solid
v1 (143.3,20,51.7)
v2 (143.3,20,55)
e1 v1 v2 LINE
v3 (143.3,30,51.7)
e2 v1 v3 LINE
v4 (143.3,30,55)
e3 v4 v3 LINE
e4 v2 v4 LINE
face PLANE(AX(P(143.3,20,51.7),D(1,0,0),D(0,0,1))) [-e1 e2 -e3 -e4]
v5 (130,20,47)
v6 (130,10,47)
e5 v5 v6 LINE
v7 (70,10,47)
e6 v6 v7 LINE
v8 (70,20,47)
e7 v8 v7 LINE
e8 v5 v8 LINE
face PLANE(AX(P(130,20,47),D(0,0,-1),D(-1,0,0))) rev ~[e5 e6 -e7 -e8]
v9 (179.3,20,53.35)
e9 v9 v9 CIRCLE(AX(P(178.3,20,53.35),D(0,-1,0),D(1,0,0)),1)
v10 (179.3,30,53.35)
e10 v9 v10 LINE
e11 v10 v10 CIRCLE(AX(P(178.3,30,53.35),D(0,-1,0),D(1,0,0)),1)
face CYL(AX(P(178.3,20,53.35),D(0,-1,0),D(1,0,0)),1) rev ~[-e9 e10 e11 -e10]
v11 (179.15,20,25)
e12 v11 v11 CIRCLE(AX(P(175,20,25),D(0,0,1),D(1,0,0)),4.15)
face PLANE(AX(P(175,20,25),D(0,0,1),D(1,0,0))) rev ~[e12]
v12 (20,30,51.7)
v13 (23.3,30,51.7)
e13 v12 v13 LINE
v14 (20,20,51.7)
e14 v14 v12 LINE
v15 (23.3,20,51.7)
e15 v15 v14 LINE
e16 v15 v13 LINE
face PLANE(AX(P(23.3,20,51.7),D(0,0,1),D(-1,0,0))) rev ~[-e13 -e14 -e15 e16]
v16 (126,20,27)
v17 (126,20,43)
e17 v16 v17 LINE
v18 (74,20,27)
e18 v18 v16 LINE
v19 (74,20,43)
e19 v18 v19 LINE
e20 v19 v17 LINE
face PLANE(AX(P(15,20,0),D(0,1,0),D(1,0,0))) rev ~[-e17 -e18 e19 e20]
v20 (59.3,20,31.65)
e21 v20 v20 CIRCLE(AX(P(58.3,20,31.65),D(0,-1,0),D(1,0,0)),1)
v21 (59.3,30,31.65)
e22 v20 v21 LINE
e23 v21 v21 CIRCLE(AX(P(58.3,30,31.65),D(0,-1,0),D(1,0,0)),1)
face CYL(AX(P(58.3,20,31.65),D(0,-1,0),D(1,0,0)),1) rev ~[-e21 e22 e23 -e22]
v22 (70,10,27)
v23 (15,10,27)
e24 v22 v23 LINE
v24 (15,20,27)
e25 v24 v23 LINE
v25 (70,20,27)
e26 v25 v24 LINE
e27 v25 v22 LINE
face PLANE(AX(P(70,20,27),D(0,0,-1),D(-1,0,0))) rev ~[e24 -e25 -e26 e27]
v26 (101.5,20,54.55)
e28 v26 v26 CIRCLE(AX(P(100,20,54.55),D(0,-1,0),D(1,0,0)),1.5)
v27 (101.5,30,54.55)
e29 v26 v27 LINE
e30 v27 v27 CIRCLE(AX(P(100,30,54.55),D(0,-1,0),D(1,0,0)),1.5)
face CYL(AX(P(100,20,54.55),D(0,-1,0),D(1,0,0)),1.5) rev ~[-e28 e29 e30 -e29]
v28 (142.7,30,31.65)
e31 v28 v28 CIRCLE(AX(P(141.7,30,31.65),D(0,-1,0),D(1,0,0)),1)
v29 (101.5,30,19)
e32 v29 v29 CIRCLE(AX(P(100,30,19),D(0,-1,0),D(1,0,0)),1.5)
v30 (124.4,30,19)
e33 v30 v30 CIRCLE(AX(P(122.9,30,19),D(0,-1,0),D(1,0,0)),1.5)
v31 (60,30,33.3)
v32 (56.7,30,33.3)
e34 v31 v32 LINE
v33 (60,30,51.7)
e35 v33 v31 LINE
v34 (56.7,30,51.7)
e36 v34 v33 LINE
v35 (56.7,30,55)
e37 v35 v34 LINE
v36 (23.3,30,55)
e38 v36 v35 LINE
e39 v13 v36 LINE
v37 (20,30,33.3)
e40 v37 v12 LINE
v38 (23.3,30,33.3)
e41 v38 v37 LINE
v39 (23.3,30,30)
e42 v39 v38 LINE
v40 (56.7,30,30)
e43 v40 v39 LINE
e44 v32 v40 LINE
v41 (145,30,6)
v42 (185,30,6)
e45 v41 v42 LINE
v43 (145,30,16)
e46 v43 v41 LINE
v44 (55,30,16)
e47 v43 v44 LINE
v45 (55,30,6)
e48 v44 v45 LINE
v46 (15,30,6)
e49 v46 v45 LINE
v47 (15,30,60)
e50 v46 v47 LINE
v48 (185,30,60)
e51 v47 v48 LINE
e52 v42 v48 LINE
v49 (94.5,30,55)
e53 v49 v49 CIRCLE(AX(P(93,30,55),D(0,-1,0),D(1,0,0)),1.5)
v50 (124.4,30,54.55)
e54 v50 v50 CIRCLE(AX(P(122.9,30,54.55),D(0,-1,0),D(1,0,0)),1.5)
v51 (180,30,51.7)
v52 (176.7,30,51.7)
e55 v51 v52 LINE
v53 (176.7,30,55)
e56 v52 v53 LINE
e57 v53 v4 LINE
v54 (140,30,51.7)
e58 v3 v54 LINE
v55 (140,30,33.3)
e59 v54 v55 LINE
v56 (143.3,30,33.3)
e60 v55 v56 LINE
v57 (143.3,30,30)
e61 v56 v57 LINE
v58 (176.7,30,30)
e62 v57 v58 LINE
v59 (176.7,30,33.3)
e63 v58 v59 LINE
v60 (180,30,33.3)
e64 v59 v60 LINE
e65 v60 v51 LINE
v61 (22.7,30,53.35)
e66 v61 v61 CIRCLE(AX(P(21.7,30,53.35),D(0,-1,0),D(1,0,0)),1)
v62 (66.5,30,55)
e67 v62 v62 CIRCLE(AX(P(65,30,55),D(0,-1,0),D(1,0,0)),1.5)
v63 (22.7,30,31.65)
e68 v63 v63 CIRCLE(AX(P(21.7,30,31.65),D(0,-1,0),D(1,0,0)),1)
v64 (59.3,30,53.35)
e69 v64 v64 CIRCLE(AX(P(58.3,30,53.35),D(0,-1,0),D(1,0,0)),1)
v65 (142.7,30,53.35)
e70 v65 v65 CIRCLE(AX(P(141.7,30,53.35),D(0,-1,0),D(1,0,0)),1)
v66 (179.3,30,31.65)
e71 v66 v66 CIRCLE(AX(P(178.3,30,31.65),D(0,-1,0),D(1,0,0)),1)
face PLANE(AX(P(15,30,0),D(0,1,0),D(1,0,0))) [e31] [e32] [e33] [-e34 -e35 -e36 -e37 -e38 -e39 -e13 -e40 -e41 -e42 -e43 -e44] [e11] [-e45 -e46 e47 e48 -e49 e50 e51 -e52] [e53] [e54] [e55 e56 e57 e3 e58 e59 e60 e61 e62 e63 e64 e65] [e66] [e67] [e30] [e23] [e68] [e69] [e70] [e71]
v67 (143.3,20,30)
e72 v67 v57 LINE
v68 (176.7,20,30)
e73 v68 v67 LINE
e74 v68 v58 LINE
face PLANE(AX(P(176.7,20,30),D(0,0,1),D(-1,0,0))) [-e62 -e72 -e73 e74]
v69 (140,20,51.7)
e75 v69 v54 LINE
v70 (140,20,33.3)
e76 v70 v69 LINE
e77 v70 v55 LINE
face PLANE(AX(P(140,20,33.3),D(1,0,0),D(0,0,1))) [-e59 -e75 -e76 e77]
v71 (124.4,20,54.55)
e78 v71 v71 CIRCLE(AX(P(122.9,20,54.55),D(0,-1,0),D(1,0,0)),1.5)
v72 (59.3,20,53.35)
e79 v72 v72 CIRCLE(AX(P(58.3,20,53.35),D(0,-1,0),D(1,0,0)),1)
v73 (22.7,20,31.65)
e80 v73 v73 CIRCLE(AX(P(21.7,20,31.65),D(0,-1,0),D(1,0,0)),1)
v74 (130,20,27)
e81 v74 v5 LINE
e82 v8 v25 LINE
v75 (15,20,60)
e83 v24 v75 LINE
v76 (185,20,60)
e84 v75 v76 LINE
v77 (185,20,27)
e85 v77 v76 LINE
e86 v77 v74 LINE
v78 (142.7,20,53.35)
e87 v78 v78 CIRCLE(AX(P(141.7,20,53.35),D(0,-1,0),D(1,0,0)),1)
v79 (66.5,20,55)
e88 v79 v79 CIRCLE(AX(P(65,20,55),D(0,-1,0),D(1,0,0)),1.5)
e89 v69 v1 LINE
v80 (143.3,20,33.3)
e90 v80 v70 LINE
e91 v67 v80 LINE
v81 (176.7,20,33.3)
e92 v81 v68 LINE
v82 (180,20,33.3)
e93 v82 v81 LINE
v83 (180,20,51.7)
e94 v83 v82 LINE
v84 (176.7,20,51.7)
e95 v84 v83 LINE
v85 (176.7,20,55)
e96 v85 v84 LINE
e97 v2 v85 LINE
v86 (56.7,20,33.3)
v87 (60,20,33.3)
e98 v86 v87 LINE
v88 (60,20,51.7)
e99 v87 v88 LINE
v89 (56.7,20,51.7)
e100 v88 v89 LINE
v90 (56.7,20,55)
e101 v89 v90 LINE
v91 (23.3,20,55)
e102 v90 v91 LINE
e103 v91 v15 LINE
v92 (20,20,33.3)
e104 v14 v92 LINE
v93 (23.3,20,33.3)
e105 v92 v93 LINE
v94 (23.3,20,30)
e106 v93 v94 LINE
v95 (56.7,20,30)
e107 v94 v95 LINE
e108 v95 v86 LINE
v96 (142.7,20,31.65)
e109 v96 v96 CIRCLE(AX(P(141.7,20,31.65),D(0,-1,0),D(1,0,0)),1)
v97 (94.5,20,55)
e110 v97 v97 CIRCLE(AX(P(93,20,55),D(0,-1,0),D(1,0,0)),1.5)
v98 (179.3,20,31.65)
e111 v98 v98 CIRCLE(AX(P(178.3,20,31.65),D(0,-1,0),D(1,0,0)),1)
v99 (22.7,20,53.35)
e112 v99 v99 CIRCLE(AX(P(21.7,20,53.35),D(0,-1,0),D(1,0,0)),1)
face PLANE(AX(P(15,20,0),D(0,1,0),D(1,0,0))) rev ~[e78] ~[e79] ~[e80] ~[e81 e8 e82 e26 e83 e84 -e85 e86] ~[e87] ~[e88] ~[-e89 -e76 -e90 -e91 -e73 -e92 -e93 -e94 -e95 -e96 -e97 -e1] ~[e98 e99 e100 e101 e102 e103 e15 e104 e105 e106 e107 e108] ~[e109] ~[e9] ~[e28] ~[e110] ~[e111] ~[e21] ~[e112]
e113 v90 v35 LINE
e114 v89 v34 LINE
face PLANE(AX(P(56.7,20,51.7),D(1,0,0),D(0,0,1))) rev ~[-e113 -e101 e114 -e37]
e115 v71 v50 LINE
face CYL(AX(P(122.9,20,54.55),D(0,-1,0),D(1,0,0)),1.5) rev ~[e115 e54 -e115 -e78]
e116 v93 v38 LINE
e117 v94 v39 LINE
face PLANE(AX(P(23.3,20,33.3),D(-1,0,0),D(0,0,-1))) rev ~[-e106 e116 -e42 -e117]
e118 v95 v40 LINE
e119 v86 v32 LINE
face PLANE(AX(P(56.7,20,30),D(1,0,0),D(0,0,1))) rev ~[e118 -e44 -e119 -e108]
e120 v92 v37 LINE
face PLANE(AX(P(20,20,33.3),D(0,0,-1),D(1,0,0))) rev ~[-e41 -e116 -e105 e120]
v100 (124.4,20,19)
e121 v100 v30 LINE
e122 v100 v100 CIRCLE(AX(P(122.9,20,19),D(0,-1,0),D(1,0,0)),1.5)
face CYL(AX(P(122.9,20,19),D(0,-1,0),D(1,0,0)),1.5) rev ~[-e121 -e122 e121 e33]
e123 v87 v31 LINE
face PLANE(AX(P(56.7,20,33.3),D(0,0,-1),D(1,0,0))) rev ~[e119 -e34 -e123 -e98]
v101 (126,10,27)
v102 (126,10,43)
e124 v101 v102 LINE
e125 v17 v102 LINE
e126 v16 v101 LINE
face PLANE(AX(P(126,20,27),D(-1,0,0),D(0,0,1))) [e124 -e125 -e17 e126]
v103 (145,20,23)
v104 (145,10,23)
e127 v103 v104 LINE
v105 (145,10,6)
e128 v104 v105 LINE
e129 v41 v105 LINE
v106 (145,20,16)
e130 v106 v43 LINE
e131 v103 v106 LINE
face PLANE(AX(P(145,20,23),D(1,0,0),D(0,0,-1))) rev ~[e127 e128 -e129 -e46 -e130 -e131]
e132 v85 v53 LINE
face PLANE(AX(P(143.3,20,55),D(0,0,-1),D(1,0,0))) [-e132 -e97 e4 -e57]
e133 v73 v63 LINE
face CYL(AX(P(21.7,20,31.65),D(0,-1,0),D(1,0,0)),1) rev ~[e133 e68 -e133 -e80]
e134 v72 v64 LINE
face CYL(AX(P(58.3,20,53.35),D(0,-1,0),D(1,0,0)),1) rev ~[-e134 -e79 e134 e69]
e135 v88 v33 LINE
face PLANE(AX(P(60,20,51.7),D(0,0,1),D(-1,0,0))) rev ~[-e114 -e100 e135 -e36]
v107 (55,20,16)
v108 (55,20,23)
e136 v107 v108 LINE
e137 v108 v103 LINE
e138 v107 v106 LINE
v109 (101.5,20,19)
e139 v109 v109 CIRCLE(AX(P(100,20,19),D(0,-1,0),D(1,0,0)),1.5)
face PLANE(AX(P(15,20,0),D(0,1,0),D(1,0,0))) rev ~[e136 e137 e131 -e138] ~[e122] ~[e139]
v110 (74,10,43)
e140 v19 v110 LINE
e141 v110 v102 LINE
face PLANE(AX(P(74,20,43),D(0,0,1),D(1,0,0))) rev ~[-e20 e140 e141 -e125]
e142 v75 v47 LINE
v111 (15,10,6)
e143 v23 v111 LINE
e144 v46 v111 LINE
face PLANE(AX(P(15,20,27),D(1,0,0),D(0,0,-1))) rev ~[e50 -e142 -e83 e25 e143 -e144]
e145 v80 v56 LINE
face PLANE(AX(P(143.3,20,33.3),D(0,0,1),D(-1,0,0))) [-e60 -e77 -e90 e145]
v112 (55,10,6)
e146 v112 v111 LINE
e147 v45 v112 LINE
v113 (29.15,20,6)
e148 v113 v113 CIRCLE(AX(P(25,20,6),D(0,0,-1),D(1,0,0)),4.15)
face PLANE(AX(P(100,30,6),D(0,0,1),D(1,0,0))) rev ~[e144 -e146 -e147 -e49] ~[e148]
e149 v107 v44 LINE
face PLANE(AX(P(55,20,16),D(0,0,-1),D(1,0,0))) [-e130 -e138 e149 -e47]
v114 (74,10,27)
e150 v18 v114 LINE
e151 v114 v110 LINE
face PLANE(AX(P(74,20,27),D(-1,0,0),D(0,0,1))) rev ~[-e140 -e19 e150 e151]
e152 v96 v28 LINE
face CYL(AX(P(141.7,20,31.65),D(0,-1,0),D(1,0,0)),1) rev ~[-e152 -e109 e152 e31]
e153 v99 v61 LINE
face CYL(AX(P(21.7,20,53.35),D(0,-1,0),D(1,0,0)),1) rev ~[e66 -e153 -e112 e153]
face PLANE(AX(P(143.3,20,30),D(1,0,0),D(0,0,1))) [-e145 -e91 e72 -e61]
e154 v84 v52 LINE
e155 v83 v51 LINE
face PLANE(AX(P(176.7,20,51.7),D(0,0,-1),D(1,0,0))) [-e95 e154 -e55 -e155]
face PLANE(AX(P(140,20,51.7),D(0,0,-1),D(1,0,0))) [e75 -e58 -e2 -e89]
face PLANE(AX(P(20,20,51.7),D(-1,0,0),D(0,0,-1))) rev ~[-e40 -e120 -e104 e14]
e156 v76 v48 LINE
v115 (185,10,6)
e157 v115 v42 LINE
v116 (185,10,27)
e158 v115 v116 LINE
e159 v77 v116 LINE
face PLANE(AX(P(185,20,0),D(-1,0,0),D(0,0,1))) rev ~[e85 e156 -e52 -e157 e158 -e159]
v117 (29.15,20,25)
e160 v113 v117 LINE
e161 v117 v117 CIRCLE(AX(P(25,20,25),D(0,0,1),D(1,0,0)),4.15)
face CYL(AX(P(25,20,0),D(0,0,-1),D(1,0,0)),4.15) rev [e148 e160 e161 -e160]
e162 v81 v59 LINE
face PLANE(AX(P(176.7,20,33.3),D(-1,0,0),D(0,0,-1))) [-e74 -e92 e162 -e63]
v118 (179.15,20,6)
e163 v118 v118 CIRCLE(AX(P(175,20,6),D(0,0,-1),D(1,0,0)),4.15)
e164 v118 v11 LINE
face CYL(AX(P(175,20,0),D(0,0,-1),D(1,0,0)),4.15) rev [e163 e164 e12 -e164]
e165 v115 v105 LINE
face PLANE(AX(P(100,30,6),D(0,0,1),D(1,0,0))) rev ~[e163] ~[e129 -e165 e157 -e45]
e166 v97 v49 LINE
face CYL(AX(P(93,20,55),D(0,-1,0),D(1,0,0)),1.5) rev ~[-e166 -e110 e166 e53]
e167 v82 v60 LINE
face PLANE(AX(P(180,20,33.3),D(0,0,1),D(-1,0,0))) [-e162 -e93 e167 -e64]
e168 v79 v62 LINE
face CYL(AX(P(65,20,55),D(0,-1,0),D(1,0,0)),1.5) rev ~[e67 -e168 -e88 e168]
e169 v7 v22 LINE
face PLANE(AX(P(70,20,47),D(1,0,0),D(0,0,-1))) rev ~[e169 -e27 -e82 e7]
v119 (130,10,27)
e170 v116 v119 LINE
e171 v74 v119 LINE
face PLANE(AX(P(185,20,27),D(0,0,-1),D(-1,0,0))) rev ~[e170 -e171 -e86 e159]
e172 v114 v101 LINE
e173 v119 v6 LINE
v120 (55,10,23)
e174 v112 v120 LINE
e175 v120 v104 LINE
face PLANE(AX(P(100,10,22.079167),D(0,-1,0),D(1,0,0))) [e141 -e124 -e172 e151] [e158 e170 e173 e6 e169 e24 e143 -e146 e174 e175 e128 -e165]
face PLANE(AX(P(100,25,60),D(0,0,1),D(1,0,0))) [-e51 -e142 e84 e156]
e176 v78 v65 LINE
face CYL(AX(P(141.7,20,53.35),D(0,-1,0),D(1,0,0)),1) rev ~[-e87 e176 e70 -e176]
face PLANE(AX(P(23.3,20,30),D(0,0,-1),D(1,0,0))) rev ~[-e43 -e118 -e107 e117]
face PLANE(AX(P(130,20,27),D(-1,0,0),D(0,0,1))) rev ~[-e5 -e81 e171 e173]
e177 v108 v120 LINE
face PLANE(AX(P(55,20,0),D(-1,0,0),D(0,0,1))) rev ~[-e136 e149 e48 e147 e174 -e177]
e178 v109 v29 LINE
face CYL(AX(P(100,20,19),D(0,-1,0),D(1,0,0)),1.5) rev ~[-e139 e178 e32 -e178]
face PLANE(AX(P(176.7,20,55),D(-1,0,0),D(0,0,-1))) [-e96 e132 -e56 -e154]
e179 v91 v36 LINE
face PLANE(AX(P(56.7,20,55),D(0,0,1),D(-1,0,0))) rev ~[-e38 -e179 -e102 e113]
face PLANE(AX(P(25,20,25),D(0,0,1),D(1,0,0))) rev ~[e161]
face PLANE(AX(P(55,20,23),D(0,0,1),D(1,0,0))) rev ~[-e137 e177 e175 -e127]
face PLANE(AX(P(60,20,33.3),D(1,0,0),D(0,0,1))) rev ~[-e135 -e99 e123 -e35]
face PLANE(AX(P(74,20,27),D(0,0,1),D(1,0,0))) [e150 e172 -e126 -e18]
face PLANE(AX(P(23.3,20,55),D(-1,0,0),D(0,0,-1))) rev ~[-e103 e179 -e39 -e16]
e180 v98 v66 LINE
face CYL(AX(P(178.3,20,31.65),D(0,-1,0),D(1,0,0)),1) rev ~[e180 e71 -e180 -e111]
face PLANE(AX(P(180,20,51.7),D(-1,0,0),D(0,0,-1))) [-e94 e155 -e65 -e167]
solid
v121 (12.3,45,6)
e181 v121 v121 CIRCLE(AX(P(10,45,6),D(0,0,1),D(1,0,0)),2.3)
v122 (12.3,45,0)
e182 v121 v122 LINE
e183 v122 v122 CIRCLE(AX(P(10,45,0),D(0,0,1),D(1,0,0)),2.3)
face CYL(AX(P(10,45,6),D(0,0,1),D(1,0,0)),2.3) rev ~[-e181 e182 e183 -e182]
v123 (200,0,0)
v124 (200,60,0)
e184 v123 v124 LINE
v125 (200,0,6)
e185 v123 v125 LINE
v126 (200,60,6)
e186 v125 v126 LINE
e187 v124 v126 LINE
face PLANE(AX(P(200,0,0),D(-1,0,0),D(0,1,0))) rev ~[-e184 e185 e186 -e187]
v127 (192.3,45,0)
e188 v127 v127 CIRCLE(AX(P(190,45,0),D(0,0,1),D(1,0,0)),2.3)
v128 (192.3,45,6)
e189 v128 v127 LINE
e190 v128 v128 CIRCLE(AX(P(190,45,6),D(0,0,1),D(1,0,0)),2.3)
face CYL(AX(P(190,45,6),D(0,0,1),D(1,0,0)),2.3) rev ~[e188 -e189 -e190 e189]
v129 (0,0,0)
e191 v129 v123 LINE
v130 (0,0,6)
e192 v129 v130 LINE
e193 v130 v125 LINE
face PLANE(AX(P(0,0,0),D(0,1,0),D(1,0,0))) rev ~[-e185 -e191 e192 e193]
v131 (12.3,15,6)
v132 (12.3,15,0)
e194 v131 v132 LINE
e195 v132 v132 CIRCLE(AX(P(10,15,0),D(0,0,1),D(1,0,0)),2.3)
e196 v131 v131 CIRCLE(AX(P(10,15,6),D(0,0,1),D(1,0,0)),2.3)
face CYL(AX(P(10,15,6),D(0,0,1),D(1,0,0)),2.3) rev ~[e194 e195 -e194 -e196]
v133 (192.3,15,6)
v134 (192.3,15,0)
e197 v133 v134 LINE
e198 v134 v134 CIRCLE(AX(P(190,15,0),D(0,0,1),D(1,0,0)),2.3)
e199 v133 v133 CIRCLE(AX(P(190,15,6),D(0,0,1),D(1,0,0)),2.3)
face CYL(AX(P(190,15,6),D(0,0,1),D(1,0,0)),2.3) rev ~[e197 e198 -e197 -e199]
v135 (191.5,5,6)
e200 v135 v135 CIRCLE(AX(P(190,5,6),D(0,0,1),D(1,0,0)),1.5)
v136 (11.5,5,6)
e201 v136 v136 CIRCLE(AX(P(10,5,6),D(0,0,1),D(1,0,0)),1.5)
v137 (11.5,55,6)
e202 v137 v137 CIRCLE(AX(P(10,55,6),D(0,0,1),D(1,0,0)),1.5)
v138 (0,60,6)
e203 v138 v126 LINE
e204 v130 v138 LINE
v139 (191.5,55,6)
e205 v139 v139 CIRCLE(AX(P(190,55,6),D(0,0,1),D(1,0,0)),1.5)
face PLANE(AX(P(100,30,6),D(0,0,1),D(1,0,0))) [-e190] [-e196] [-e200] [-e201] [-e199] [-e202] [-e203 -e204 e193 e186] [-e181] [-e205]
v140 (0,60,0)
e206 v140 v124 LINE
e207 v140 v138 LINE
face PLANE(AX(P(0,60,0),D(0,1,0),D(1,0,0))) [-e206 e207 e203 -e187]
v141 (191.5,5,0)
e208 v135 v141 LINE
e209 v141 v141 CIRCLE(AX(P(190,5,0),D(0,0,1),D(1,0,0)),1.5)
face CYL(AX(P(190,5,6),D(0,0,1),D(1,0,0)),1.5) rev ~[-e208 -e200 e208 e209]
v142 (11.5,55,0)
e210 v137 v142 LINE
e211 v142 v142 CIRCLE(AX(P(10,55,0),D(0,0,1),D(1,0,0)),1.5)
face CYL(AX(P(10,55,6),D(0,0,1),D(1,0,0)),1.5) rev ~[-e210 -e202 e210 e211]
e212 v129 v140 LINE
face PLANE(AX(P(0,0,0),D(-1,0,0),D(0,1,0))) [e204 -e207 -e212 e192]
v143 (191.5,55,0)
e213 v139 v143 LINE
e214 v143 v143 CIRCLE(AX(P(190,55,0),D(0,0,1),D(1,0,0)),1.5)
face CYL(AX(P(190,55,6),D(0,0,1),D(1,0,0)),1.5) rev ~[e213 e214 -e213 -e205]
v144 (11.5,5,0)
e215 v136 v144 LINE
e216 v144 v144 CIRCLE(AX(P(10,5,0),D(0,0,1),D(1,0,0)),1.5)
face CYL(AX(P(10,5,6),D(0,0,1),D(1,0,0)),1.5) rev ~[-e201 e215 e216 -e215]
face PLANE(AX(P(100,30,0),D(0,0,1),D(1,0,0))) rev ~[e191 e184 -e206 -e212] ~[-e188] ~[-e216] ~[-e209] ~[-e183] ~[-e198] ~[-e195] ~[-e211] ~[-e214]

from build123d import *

# Parameters (mm, degrees)
SKETCH_W        = 200
SKETCH_H        = 60
PAD_DEPTH       = 6
SKETCH003_R     = 1.5
SKETCH003_R_2   = 2.3
POCKET001_DEPTH = 200
SKETCH006_R     = 4.15
PAD004_DEPTH    = 25
SKETCH005_W     = 200
SKETCH005_H     = 60
PAD003_DEPTH    = 6
SKETCH001_W     = 170
SKETCH001_H     = 10
PAD001_DEPTH    = 60
SKETCH002_R     = 1
SKETCH002_R_2   = 1.5
SKETCH002_W     = 90
SKETCH002_H     = 10
POCKET_DEPTH    = 50
SKETCH004_W     = 52
SKETCH004_H     = 16
PAD002_DEPTH    = 10


with BuildPart() as base_mount_holes:
    # Sketch → Pad (new body)
    with BuildSketch(Plane.XY):
        with Locations((100, 30)):
            Rectangle(SKETCH_W, SKETCH_H)
    extrude(amount=PAD_DEPTH)

    # Sketch003 → Pocket001 (cut)
    with BuildSketch(Plane.XY.offset(6)):
        with Locations((10, 55)):
            Circle(SKETCH003_R)
        with Locations((190, 55)):
            Circle(SKETCH003_R)
        with Locations((10, 5)):
            Circle(SKETCH003_R)
        with Locations((190, 5)):
            Circle(SKETCH003_R)
        with Locations((10, 45)):
            Circle(SKETCH003_R_2)
        with Locations((10, 15)):
            Circle(SKETCH003_R_2)
        with Locations((190, 15)):
            Circle(SKETCH003_R_2)
        with Locations((190, 45)):
            Circle(SKETCH003_R_2)
    extrude(amount=-POCKET001_DEPTH, mode=Mode.SUBTRACT)


with BuildPart() as sensor_bottom_mount_holes:
    # Sketch006 → Pad004 (new body)
    with BuildSketch(Plane.XY):
        with Locations((25, 20)):
            Circle(SKETCH006_R)
        with Locations((175, 20)):
            Circle(SKETCH006_R)
    extrude(amount=PAD004_DEPTH)


with BuildPart() as remove_base_from_tower:
    # Sketch005 → Pad003 (new body)
    with BuildSketch(Plane.XY):
        with Locations((100, 30)):
            Rectangle(SKETCH005_W, SKETCH005_H)
    extrude(amount=PAD003_DEPTH)


with BuildPart() as cut001:
    # Sketch001 → Pad001 (new body)
    with BuildSketch(Plane.XY):
        with Locations((100, 25)):
            Rectangle(SKETCH001_W, SKETCH001_H)
    extrude(amount=PAD001_DEPTH)

    # Sketch002 → Pocket (cut)
    with BuildSketch(Plane.XZ.offset(-20)):
        with Locations((21.7, 53.35)):
            Circle(SKETCH002_R)
        with Locations((58.3, 53.35)):
            Circle(SKETCH002_R)
        with Locations((21.7, 31.65)):
            Circle(SKETCH002_R)
        with Locations((58.3, 31.65)):
            Circle(SKETCH002_R)
        with Locations((100, 54.55)):
            Circle(SKETCH002_R_2)
        with Locations((122.9, 54.55)):
            Circle(SKETCH002_R_2)
        with Locations((100, 19)):
            Circle(SKETCH002_R_2)
        with Locations((122.9, 19)):
            Circle(SKETCH002_R_2)
        with Locations((141.7, 53.35)):
            Circle(SKETCH002_R)
        with Locations((141.7, 31.65)):
            Circle(SKETCH002_R)
        with Locations((178.3, 31.65)):
            Circle(SKETCH002_R)
        with Locations((178.3, 53.35)):
            Circle(SKETCH002_R)
        with Locations((65, 55)):
            Circle(SKETCH002_R_2)
        with Locations((93, 55)):
            Circle(SKETCH002_R_2)
        Polygon((20, 51.7), (20, 33.3), (23.3, 33.3), (23.3, 30), (56.7, 30), (56.7, 33.3), (60, 33.3), (60, 51.7), (56.7, 51.7), (56.7, 55), (23.3, 55), (23.3, 51.7), align=None)
        with Locations((100, 11)):
            Rectangle(SKETCH002_W, SKETCH002_H)
        Polygon((140, 51.7), (143.3, 51.7), (143.3, 55), (176.7, 55), (176.7, 51.7), (180, 51.7), (180, 33.3), (176.7, 33.3), (176.7, 30), (143.3, 30), (143.3, 33.3), (140, 33.3), align=None)
    extrude(amount=-POCKET_DEPTH, mode=Mode.SUBTRACT)

    # Sketch004 → Pad002 (new body)
    with BuildSketch(Plane.XZ.offset(-20)):
        Polygon((15, 27), (15, 0), (55, 0), (55, 23), (145, 23), (145, 0), (185, 0), (185, 27), (130, 27), (130, 47), (70, 47), (70, 27), align=None)
        with Locations((100, 35)):
            Rectangle(SKETCH004_W, SKETCH004_H, mode=Mode.SUBTRACT)
    extrude(amount=PAD002_DEPTH)

    # Cut: cut Remove Base From Tower
    add(remove_base_from_tower.part, mode=Mode.SUBTRACT)

    # Cut001: cut Sensor Bottom Mount Holes
    add(sensor_bottom_mount_holes.part, mode=Mode.SUBTRACT)


solid = Compound([base_mount_holes.part, cut001.part])
